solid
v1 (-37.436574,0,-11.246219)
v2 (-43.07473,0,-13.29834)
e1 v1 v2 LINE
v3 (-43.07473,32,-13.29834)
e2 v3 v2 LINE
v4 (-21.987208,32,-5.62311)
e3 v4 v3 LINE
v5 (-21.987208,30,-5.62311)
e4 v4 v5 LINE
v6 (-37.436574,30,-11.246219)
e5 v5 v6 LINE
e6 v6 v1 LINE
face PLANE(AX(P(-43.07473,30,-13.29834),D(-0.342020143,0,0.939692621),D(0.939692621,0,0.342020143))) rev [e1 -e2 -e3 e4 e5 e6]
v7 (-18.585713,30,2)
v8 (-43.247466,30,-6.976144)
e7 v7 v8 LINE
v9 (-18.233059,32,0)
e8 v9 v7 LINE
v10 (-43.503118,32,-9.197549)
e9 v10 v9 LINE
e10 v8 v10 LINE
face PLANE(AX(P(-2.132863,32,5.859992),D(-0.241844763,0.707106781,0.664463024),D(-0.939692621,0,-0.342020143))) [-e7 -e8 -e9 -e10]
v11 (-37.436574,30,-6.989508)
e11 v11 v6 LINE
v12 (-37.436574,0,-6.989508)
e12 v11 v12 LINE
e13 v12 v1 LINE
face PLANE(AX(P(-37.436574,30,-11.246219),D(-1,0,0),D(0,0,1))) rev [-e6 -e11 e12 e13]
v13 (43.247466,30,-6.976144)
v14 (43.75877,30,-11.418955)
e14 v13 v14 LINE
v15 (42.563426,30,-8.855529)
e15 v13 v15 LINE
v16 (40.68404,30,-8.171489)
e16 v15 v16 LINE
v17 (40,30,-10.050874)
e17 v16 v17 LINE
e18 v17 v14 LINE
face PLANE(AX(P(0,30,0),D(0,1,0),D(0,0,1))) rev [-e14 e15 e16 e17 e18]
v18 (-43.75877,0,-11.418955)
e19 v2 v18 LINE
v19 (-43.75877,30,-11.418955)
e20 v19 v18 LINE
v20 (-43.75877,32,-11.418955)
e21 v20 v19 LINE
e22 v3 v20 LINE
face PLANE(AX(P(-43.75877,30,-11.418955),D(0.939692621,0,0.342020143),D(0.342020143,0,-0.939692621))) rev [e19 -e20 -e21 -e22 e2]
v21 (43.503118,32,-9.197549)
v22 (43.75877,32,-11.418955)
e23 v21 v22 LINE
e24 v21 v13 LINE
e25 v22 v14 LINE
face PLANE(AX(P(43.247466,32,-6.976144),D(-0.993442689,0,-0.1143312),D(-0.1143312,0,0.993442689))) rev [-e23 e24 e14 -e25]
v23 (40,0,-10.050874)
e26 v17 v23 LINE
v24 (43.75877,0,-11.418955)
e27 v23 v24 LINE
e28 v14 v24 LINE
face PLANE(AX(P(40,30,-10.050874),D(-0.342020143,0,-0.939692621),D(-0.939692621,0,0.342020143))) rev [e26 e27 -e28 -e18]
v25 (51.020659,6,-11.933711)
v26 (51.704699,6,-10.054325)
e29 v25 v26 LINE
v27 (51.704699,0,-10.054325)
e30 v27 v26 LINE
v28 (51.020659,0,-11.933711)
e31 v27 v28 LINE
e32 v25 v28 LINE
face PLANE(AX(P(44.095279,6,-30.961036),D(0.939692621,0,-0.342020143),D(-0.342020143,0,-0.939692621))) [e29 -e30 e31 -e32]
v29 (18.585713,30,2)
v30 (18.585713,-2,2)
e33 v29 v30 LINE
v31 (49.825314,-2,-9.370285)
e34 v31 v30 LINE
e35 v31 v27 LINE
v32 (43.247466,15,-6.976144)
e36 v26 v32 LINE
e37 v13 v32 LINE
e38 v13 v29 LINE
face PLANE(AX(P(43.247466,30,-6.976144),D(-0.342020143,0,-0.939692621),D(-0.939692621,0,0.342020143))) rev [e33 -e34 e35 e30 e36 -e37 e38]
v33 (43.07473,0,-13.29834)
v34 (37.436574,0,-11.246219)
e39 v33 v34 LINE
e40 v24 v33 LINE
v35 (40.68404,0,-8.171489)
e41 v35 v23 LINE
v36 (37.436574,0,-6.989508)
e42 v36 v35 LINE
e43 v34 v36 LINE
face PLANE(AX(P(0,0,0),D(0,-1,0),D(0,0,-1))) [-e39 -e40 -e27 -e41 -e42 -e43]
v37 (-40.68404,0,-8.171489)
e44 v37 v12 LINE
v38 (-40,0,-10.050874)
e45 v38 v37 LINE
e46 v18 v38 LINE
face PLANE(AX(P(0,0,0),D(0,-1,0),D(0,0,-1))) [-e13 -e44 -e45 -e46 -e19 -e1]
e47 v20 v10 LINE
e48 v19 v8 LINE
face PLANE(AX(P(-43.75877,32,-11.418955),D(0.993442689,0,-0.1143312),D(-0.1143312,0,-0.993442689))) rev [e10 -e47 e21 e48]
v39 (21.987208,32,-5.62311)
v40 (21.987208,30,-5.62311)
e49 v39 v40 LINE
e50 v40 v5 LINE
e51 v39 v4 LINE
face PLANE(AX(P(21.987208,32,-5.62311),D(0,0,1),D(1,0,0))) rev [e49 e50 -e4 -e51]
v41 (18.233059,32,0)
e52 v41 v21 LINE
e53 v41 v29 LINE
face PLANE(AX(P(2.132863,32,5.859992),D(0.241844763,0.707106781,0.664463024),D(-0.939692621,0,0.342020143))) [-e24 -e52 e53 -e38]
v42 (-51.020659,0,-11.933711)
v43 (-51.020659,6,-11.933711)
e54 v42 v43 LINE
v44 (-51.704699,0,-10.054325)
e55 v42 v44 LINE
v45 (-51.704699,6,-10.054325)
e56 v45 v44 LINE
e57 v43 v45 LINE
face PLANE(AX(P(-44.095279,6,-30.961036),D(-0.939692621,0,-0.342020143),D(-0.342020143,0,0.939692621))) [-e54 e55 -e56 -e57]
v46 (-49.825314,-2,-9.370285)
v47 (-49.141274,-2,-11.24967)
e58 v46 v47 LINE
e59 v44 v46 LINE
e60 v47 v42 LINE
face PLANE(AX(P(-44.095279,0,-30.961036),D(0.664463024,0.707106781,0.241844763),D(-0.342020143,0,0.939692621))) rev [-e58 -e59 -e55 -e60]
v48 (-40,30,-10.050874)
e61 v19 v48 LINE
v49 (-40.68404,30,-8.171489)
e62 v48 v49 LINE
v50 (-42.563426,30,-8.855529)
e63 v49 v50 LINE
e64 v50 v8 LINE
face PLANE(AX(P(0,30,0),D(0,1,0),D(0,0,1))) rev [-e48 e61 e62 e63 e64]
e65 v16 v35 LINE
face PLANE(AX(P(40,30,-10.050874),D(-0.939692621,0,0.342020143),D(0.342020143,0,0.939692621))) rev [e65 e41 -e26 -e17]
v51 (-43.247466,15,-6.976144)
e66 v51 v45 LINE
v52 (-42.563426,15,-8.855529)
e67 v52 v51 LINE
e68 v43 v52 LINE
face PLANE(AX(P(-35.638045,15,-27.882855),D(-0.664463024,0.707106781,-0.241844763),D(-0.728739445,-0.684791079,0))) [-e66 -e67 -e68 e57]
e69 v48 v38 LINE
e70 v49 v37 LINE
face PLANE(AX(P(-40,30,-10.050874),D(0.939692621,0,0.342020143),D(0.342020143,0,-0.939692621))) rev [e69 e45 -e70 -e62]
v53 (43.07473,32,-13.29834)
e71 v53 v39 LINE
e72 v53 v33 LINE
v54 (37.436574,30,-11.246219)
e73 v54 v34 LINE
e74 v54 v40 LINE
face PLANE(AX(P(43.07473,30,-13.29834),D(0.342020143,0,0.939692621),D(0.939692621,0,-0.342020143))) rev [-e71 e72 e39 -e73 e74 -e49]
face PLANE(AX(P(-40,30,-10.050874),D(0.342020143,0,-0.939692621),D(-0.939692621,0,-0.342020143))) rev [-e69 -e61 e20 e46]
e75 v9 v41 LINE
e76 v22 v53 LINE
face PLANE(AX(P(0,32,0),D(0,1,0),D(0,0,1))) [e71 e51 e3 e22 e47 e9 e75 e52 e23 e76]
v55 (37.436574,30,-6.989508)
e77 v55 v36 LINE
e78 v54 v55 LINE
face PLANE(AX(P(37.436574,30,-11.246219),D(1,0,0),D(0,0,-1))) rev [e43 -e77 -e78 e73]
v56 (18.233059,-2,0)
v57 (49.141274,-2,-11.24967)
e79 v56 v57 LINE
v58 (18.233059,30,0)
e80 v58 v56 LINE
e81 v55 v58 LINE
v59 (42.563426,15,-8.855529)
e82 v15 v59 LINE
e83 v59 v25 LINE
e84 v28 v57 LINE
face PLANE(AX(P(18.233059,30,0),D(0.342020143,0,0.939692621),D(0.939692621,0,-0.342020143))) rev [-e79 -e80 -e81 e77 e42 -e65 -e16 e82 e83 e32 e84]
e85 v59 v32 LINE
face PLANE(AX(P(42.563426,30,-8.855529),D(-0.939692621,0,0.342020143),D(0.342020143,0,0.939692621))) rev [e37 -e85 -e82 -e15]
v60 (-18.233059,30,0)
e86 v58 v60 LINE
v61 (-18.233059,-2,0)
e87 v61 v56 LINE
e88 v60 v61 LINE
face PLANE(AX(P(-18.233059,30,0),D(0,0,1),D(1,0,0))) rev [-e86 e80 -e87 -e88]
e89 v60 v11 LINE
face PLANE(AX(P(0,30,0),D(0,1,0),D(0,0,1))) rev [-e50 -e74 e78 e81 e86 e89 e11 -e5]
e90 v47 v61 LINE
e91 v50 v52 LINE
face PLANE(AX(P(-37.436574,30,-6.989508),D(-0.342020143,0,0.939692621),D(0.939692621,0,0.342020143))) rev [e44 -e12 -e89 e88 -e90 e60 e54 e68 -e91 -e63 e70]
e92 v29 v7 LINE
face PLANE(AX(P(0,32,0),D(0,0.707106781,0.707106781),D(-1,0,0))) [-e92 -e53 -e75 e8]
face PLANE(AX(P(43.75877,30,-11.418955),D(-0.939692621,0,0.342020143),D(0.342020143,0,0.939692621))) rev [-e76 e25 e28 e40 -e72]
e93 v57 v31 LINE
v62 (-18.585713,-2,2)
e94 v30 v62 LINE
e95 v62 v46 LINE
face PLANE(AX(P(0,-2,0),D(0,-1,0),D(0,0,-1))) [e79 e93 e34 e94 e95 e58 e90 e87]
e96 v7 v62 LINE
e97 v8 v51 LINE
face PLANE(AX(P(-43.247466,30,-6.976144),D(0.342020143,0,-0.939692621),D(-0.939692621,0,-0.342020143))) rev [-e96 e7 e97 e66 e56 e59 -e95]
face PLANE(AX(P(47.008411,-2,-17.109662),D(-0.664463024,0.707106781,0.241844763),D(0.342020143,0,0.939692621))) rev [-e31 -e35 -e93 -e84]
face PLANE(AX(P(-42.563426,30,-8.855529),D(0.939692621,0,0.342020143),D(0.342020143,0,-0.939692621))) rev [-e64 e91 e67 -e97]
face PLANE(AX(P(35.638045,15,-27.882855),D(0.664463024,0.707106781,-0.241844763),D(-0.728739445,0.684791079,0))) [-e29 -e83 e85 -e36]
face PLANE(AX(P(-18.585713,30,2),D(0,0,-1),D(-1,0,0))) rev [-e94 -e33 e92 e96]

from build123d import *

# Parameters (mm, degrees)
BOSS_EXTRUDE5_DEPTH = 30
BOSS_EXTRUDE6_DEPTH = 2
BOSS_EXTRUDE7_DEPTH = 2
CHAMFER2_SIZE       = 2
CHAMFER3_SIZE       = 2
BOSS_EXTRUDE8_DEPTH = 2
BOSS_EXTRUDE9_DEPTH = 2
CHAMFER4_SIZE       = 2


with BuildPart() as part:
    # Sketch5 → Boss-Extrude5 (new body)
    with BuildSketch(Plane(origin=(0, 0, 0), x_dir=(1, 0, 0), z_dir=(0, 1, 0))):
        Polygon((-40, 10.050874286), (-40.684040287, 8.171489044), (-42.563425528, 8.855529331), (-43.247465815, 6.976144089), (-18.585712616, -2), (18.585712616, -2), (43.247465815, 6.976144089), (42.563425528, 8.855529331), (40.684040287, 8.171489044), (40, 10.050874286), (43.758770483, 11.418954859), (43.074730196, 13.2983401), (37.436574472, 11.24621924), (37.436574472, 6.989508151), (18.233058655, 0), (-18.233058655, 0), (-37.436574472, 6.989508151), (-37.436574472, 11.24621924), (-43.074730196, 13.2983401), (-43.758770483, 11.418954859), align=None)
    extrude(amount=BOSS_EXTRUDE5_DEPTH)

    # Sketch6 → Boss-Extrude6 (add)
    with BuildSketch(Plane(origin=(0, 30, 0), x_dir=(1, 0, 0), z_dir=(0, 1, 0))):
        Polygon((-43.758770483, 11.418954859), (-43.247465815, 6.976144089), (-18.585712616, -2), (18.585712616, -2), (43.247465815, 6.976144089), (43.758770483, 11.418954859), (43.074730196, 13.2983401), (37.436574472, 11.24621924), (21.987207763, 5.62310962), (-21.987207763, 5.62310962), (-37.436574472, 11.24621924), (-43.074730196, 13.2983401), align=None)
    extrude(amount=BOSS_EXTRUDE6_DEPTH)

    # Sketch7 → Boss-Extrude7 (add)
    with BuildSketch(Plane.XZ):
        Polygon((-43.247465815, -6.976144089), (-42.563425528, -8.855529331), (-18.233058655, 0), (18.233058655, 0), (42.563425528, -8.855529331), (43.247465815, -6.976144089), (18.585712616, 2), (-18.585712616, 2), align=None)
    extrude(amount=BOSS_EXTRUDE7_DEPTH)

    # Chamfer2
    chamfer2_edges = [part.edges().sort_by_distance(p)[0] for p in [
        (30.916589216, 32, -2.488072045),
        (0, 32, 2),
        (-30.916589216, 32, -2.488072045),
    ]]
    chamfer(chamfer2_edges, length=CHAMFER2_SIZE)

    # Chamfer3
    chamfer3_edges = [part.edges().sort_by_distance(p)[0] for p in [
        (-42.905445672, -2, -7.91583671),
        (42.905445672, -2, -7.91583671),
    ]]
    chamfer(chamfer3_edges, length=CHAMFER3_SIZE)

    # Sketch10 → Boss-Extrude8 (add)
    with BuildSketch(Plane(origin=(-2.816902982, 0, 7.739377337), x_dir=(0.9396926207859265, 0, 0.34202014332561875), z_dir=(-0.34202014332561875, 0, 0.9396926207859265))):
        Polygon((-41.025306295, -2), (-43.025306295, 0), (-43.025306295, 15), (-52.025306295, 6), (-52.025306295, -2), align=None)
    extrude(amount=-BOSS_EXTRUDE8_DEPTH)

    # Sketch11 → Boss-Extrude9 (add)
    with BuildSketch(Plane(origin=(2.816902982, 0, 7.739377337), x_dir=(0.9396926207859748, 0, -0.342020143325486), z_dir=(0.3420201433254861, 0, 0.9396926207859749))):
        Polygon((41.025306295, -2), (43.025306295, 0), (43.025306295, 15), (52.025306295, 6), (52.025306295, -2), align=None)
    extrude(amount=-BOSS_EXTRUDE9_DEPTH)

    # Chamfer4
    chamfer4_edges = [part.edges().sort_by_distance(p)[0] for p in [
        (-51.362679259, -2, -10.994018),
        (51.362679259, -2, -10.994018),
    ]]
    chamfer(chamfer4_edges, length=CHAMFER4_SIZE)


solid = part.part
